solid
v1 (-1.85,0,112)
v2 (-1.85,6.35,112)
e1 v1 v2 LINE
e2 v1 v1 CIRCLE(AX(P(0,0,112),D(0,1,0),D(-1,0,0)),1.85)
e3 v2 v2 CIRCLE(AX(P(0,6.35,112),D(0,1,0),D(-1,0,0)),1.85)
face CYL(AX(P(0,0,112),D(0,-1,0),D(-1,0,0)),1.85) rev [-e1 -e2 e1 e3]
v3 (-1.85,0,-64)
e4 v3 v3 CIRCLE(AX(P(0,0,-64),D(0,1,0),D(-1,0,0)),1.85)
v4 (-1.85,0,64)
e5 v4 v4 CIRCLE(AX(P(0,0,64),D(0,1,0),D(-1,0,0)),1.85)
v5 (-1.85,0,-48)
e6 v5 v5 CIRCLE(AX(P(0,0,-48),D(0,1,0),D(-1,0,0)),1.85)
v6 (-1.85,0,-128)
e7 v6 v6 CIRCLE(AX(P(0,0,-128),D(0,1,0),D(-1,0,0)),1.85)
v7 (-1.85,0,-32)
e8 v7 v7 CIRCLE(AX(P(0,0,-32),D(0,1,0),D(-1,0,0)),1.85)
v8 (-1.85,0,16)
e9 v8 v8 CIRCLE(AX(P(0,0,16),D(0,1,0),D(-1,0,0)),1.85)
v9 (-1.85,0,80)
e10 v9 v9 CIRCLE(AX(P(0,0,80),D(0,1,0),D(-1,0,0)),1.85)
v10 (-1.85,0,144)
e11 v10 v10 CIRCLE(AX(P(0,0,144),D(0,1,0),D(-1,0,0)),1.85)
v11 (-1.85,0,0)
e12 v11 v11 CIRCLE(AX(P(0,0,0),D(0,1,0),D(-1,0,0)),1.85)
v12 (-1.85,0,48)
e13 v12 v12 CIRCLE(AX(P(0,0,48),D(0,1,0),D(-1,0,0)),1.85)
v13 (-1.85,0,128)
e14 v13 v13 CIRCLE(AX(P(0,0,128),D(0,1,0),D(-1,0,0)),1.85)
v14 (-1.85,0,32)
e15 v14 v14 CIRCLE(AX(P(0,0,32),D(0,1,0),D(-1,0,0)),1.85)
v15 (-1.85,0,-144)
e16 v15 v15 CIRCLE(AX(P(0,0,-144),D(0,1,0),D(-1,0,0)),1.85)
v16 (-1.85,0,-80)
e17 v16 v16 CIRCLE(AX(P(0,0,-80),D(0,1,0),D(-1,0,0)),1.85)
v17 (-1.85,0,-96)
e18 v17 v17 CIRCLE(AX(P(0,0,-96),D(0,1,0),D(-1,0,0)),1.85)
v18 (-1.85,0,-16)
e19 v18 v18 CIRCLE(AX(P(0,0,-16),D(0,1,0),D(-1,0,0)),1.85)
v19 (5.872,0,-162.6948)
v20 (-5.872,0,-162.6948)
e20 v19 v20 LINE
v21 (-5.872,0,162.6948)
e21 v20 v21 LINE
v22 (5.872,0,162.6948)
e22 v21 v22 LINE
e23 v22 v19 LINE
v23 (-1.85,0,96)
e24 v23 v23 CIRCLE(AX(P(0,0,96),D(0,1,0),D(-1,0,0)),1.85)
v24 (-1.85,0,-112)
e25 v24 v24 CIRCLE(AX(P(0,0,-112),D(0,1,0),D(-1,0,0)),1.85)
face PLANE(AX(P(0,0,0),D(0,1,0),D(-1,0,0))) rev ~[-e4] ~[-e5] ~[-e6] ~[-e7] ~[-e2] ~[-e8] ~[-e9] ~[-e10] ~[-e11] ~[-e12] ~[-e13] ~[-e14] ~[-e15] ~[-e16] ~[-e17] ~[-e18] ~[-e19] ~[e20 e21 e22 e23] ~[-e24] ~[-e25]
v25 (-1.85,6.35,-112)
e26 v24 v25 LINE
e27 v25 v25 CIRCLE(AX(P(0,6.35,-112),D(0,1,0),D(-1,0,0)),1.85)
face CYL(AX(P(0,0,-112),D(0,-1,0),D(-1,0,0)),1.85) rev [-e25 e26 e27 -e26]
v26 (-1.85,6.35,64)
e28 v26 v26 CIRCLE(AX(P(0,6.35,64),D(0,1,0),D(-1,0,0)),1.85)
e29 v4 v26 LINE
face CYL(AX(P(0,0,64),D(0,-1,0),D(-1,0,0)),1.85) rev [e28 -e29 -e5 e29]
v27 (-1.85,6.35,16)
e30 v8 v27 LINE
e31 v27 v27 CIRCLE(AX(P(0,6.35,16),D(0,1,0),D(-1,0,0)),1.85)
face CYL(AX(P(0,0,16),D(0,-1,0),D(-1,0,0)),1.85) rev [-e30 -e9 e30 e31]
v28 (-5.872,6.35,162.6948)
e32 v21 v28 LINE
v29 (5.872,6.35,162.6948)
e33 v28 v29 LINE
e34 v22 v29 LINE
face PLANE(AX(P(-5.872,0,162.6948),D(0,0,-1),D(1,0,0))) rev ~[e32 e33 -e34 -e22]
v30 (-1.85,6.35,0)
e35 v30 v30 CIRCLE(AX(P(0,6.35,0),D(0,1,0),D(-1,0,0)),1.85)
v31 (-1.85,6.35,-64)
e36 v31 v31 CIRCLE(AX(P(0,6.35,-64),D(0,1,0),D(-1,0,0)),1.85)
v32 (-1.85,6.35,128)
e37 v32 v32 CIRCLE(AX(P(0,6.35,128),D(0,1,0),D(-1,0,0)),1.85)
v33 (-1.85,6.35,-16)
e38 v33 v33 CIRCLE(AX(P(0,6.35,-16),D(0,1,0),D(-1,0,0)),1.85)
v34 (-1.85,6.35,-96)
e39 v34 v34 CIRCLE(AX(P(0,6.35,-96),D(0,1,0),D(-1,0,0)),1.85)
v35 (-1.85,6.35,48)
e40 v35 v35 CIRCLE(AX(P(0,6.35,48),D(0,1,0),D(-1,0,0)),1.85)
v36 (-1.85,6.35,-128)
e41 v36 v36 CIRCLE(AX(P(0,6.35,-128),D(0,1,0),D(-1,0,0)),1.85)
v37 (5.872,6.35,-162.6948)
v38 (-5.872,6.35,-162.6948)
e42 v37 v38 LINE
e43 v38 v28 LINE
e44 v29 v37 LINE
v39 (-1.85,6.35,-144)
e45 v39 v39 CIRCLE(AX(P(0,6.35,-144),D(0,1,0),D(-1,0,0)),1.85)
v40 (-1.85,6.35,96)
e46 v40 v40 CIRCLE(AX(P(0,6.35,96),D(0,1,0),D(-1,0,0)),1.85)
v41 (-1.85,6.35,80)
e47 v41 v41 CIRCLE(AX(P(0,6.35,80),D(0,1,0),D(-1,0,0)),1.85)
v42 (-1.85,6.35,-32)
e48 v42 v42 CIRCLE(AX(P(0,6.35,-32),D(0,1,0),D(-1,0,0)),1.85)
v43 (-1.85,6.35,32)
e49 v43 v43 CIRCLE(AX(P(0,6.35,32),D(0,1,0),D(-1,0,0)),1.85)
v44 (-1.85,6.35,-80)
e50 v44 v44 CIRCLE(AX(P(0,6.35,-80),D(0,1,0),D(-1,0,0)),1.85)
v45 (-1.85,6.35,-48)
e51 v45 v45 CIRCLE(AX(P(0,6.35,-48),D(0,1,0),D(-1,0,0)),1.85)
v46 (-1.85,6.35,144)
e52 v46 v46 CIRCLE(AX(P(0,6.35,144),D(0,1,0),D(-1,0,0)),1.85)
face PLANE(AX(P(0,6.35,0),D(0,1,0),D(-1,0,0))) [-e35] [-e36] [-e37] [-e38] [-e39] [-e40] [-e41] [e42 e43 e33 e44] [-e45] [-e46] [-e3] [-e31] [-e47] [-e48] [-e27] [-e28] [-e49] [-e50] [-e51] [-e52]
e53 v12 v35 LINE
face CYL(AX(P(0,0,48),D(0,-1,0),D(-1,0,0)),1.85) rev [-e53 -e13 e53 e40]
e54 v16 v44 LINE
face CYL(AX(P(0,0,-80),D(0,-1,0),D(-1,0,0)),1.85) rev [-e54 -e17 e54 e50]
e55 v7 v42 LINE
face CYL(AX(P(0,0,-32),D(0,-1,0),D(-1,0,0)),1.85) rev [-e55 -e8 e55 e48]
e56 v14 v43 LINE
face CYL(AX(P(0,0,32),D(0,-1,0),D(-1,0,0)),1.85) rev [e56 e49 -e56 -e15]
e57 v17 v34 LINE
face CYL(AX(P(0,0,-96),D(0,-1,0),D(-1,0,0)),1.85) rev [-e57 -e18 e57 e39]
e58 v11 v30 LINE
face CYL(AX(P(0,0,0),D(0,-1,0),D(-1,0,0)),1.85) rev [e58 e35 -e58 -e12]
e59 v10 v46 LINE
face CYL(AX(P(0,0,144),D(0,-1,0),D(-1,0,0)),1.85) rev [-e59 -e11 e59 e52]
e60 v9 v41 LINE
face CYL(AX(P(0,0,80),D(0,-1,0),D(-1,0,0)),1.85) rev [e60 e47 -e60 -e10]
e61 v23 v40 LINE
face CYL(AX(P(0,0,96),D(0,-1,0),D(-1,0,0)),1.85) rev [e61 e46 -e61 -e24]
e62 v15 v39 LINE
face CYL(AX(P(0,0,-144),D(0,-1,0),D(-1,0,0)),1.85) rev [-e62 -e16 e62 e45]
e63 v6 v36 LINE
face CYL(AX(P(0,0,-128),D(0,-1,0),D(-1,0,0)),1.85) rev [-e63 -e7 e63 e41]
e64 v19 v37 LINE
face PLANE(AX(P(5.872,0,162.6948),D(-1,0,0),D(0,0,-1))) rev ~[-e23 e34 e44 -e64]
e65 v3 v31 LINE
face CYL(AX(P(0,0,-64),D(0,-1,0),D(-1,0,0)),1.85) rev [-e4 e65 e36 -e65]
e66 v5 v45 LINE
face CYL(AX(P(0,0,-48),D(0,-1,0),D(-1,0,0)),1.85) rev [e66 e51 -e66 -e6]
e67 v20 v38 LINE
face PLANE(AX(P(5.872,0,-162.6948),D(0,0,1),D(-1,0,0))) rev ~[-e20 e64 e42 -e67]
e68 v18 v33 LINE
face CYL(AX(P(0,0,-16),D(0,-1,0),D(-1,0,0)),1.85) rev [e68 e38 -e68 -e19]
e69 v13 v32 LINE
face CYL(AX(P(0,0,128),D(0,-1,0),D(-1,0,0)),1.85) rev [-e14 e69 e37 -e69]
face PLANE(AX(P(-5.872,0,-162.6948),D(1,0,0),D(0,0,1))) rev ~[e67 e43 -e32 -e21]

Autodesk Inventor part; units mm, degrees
ref_plane "YZ Plane" through (0, 0, 0) normal (1, 0, 0) x (0, 1, 0)
ref_plane "XZ Plane" through (0, 0, 0) normal (0, 1, 0) x (-1, 0, 0)
ref_plane "XY Plane" through (0, 0, 0) normal (0, 0, 1) x (1, 0, 0)
sketch "Sketch1" plane through (0, 0, 0) normal (0, 1, 0) x (-1, 0, 0)
  line L0 (5.872, 162.6948) -> (-5.872, 162.6948)
  line L1 (-5.872, 162.6948) -> (-5.872, -162.6948)
  line L2 (-5.872, -162.6948) -> (5.872, -162.6948)
  line L3 (5.872, -162.6948) -> (5.872, 162.6948)
  line L4 (5.872, 162.6948) -> (-5.872, -162.6948) construction
  line L5 (-5.872, 162.6948) -> (5.872, -162.6948) construction
  circle A0 centre (0, 0) radius 1.85
  circle A1 centre (0, 16) radius 1.85
  circle A2 centre (0, 32) radius 1.85
  circle A3 centre (0, 48) radius 1.85
  circle A4 centre (0, 64) radius 1.85
  circle A5 centre (0, 80) radius 1.85
  circle A6 centre (0, 96) radius 1.85
  circle A7 centre (0, 112) radius 1.85
  circle A8 centre (0, 128) radius 1.85
  circle A9 centre (0, 144) radius 1.85
  circle A10 centre (0, -16) radius 1.85
  circle A11 centre (0, 0) radius 1.85
  circle A12 centre (0, 16) radius 1.85
  circle A13 centre (0, 32) radius 1.85
  circle A14 centre (0, 48) radius 1.85
  circle A15 centre (0, 64) radius 1.85
  circle A16 centre (0, 80) radius 1.85
  circle A17 centre (0, 96) radius 1.85
  circle A18 centre (0, 112) radius 1.85
  circle A19 centre (0, 128) radius 1.85
  circle A20 centre (0, -32) radius 1.85
  circle A21 centre (0, -16) radius 1.85
  circle A22 centre (0, 0) radius 1.85
  circle A23 centre (0, 16) radius 1.85
  circle A24 centre (0, 32) radius 1.85
  circle A25 centre (0, 48) radius 1.85
  circle A26 centre (0, 64) radius 1.85
  circle A27 centre (0, 80) radius 1.85
  circle A28 centre (0, 96) radius 1.85
  circle A29 centre (0, 112) radius 1.85
  circle A30 centre (0, -48) radius 1.85
  circle A31 centre (0, -32) radius 1.85
  circle A32 centre (0, -16) radius 1.85
  circle A33 centre (0, 0) radius 1.85
  circle A34 centre (0, 16) radius 1.85
  circle A35 centre (0, 32) radius 1.85
  circle A36 centre (0, 48) radius 1.85
  circle A37 centre (0, 64) radius 1.85
  circle A38 centre (0, 80) radius 1.85
  circle A39 centre (0, 96) radius 1.85
  circle A40 centre (0, -64) radius 1.85
  circle A41 centre (0, -48) radius 1.85
  circle A42 centre (0, -32) radius 1.85
  circle A43 centre (0, -16) radius 1.85
  circle A44 centre (0, 0) radius 1.85
  circle A45 centre (0, 16) radius 1.85
  circle A46 centre (0, 32) radius 1.85
  circle A47 centre (0, 48) radius 1.85
  circle A48 centre (0, 64) radius 1.85
  circle A49 centre (0, 80) radius 1.85
  circle A50 centre (0, -80) radius 1.85
  circle A51 centre (0, -64) radius 1.85
  circle A52 centre (0, -48) radius 1.85
  circle A53 centre (0, -32) radius 1.85
  circle A54 centre (0, -16) radius 1.85
  circle A55 centre (0, 0) radius 1.85
  circle A56 centre (0, 16) radius 1.85
  circle A57 centre (0, 32) radius 1.85
  circle A58 centre (0, 48) radius 1.85
  circle A59 centre (0, 64) radius 1.85
  circle A60 centre (0, -96) radius 1.85
  circle A61 centre (0, -80) radius 1.85
  circle A62 centre (0, -64) radius 1.85
  circle A63 centre (0, -48) radius 1.85
  circle A64 centre (0, -32) radius 1.85
  circle A65 centre (0, -16) radius 1.85
  circle A66 centre (0, 0) radius 1.85
  circle A67 centre (0, 16) radius 1.85
  circle A68 centre (0, 32) radius 1.85
  circle A69 centre (0, 48) radius 1.85
  circle A70 centre (0, -112) radius 1.85
  circle A71 centre (0, -96) radius 1.85
  circle A72 centre (0, -80) radius 1.85
  circle A73 centre (0, -64) radius 1.85
  circle A74 centre (0, -48) radius 1.85
  circle A75 centre (0, -32) radius 1.85
  circle A76 centre (0, -16) radius 1.85
  circle A77 centre (0, 0) radius 1.85
  circle A78 centre (0, 16) radius 1.85
  circle A79 centre (0, 32) radius 1.85
  circle A80 centre (0, -128) radius 1.85
  circle A81 centre (0, -112) radius 1.85
  circle A82 centre (0, -96) radius 1.85
  circle A83 centre (0, -80) radius 1.85
  circle A84 centre (0, -64) radius 1.85
  circle A85 centre (0, -48) radius 1.85
  circle A86 centre (0, -32) radius 1.85
  circle A87 centre (0, -16) radius 1.85
  circle A88 centre (0, 0) radius 1.85
  circle A89 centre (0, 16) radius 1.85
  circle A90 centre (0, -144) radius 1.85
  circle A91 centre (0, -128) radius 1.85
  circle A92 centre (0, -112) radius 1.85
  circle A93 centre (0, -96) radius 1.85
  circle A94 centre (0, -80) radius 1.85
  circle A95 centre (0, -64) radius 1.85
  circle A96 centre (0, -48) radius 1.85
  circle A97 centre (0, -32) radius 1.85
  circle A98 centre (0, -16) radius 1.85
  circle A99 centre (0, 0) radius 1.85
  dimension "d0" = 3.7
  dimension "d3" = 16
  dimension "d6" = 16
extrude "Extrusion1" add sketch "Sketch1" along normal blind 6.35
properties part number "ServoArm"
